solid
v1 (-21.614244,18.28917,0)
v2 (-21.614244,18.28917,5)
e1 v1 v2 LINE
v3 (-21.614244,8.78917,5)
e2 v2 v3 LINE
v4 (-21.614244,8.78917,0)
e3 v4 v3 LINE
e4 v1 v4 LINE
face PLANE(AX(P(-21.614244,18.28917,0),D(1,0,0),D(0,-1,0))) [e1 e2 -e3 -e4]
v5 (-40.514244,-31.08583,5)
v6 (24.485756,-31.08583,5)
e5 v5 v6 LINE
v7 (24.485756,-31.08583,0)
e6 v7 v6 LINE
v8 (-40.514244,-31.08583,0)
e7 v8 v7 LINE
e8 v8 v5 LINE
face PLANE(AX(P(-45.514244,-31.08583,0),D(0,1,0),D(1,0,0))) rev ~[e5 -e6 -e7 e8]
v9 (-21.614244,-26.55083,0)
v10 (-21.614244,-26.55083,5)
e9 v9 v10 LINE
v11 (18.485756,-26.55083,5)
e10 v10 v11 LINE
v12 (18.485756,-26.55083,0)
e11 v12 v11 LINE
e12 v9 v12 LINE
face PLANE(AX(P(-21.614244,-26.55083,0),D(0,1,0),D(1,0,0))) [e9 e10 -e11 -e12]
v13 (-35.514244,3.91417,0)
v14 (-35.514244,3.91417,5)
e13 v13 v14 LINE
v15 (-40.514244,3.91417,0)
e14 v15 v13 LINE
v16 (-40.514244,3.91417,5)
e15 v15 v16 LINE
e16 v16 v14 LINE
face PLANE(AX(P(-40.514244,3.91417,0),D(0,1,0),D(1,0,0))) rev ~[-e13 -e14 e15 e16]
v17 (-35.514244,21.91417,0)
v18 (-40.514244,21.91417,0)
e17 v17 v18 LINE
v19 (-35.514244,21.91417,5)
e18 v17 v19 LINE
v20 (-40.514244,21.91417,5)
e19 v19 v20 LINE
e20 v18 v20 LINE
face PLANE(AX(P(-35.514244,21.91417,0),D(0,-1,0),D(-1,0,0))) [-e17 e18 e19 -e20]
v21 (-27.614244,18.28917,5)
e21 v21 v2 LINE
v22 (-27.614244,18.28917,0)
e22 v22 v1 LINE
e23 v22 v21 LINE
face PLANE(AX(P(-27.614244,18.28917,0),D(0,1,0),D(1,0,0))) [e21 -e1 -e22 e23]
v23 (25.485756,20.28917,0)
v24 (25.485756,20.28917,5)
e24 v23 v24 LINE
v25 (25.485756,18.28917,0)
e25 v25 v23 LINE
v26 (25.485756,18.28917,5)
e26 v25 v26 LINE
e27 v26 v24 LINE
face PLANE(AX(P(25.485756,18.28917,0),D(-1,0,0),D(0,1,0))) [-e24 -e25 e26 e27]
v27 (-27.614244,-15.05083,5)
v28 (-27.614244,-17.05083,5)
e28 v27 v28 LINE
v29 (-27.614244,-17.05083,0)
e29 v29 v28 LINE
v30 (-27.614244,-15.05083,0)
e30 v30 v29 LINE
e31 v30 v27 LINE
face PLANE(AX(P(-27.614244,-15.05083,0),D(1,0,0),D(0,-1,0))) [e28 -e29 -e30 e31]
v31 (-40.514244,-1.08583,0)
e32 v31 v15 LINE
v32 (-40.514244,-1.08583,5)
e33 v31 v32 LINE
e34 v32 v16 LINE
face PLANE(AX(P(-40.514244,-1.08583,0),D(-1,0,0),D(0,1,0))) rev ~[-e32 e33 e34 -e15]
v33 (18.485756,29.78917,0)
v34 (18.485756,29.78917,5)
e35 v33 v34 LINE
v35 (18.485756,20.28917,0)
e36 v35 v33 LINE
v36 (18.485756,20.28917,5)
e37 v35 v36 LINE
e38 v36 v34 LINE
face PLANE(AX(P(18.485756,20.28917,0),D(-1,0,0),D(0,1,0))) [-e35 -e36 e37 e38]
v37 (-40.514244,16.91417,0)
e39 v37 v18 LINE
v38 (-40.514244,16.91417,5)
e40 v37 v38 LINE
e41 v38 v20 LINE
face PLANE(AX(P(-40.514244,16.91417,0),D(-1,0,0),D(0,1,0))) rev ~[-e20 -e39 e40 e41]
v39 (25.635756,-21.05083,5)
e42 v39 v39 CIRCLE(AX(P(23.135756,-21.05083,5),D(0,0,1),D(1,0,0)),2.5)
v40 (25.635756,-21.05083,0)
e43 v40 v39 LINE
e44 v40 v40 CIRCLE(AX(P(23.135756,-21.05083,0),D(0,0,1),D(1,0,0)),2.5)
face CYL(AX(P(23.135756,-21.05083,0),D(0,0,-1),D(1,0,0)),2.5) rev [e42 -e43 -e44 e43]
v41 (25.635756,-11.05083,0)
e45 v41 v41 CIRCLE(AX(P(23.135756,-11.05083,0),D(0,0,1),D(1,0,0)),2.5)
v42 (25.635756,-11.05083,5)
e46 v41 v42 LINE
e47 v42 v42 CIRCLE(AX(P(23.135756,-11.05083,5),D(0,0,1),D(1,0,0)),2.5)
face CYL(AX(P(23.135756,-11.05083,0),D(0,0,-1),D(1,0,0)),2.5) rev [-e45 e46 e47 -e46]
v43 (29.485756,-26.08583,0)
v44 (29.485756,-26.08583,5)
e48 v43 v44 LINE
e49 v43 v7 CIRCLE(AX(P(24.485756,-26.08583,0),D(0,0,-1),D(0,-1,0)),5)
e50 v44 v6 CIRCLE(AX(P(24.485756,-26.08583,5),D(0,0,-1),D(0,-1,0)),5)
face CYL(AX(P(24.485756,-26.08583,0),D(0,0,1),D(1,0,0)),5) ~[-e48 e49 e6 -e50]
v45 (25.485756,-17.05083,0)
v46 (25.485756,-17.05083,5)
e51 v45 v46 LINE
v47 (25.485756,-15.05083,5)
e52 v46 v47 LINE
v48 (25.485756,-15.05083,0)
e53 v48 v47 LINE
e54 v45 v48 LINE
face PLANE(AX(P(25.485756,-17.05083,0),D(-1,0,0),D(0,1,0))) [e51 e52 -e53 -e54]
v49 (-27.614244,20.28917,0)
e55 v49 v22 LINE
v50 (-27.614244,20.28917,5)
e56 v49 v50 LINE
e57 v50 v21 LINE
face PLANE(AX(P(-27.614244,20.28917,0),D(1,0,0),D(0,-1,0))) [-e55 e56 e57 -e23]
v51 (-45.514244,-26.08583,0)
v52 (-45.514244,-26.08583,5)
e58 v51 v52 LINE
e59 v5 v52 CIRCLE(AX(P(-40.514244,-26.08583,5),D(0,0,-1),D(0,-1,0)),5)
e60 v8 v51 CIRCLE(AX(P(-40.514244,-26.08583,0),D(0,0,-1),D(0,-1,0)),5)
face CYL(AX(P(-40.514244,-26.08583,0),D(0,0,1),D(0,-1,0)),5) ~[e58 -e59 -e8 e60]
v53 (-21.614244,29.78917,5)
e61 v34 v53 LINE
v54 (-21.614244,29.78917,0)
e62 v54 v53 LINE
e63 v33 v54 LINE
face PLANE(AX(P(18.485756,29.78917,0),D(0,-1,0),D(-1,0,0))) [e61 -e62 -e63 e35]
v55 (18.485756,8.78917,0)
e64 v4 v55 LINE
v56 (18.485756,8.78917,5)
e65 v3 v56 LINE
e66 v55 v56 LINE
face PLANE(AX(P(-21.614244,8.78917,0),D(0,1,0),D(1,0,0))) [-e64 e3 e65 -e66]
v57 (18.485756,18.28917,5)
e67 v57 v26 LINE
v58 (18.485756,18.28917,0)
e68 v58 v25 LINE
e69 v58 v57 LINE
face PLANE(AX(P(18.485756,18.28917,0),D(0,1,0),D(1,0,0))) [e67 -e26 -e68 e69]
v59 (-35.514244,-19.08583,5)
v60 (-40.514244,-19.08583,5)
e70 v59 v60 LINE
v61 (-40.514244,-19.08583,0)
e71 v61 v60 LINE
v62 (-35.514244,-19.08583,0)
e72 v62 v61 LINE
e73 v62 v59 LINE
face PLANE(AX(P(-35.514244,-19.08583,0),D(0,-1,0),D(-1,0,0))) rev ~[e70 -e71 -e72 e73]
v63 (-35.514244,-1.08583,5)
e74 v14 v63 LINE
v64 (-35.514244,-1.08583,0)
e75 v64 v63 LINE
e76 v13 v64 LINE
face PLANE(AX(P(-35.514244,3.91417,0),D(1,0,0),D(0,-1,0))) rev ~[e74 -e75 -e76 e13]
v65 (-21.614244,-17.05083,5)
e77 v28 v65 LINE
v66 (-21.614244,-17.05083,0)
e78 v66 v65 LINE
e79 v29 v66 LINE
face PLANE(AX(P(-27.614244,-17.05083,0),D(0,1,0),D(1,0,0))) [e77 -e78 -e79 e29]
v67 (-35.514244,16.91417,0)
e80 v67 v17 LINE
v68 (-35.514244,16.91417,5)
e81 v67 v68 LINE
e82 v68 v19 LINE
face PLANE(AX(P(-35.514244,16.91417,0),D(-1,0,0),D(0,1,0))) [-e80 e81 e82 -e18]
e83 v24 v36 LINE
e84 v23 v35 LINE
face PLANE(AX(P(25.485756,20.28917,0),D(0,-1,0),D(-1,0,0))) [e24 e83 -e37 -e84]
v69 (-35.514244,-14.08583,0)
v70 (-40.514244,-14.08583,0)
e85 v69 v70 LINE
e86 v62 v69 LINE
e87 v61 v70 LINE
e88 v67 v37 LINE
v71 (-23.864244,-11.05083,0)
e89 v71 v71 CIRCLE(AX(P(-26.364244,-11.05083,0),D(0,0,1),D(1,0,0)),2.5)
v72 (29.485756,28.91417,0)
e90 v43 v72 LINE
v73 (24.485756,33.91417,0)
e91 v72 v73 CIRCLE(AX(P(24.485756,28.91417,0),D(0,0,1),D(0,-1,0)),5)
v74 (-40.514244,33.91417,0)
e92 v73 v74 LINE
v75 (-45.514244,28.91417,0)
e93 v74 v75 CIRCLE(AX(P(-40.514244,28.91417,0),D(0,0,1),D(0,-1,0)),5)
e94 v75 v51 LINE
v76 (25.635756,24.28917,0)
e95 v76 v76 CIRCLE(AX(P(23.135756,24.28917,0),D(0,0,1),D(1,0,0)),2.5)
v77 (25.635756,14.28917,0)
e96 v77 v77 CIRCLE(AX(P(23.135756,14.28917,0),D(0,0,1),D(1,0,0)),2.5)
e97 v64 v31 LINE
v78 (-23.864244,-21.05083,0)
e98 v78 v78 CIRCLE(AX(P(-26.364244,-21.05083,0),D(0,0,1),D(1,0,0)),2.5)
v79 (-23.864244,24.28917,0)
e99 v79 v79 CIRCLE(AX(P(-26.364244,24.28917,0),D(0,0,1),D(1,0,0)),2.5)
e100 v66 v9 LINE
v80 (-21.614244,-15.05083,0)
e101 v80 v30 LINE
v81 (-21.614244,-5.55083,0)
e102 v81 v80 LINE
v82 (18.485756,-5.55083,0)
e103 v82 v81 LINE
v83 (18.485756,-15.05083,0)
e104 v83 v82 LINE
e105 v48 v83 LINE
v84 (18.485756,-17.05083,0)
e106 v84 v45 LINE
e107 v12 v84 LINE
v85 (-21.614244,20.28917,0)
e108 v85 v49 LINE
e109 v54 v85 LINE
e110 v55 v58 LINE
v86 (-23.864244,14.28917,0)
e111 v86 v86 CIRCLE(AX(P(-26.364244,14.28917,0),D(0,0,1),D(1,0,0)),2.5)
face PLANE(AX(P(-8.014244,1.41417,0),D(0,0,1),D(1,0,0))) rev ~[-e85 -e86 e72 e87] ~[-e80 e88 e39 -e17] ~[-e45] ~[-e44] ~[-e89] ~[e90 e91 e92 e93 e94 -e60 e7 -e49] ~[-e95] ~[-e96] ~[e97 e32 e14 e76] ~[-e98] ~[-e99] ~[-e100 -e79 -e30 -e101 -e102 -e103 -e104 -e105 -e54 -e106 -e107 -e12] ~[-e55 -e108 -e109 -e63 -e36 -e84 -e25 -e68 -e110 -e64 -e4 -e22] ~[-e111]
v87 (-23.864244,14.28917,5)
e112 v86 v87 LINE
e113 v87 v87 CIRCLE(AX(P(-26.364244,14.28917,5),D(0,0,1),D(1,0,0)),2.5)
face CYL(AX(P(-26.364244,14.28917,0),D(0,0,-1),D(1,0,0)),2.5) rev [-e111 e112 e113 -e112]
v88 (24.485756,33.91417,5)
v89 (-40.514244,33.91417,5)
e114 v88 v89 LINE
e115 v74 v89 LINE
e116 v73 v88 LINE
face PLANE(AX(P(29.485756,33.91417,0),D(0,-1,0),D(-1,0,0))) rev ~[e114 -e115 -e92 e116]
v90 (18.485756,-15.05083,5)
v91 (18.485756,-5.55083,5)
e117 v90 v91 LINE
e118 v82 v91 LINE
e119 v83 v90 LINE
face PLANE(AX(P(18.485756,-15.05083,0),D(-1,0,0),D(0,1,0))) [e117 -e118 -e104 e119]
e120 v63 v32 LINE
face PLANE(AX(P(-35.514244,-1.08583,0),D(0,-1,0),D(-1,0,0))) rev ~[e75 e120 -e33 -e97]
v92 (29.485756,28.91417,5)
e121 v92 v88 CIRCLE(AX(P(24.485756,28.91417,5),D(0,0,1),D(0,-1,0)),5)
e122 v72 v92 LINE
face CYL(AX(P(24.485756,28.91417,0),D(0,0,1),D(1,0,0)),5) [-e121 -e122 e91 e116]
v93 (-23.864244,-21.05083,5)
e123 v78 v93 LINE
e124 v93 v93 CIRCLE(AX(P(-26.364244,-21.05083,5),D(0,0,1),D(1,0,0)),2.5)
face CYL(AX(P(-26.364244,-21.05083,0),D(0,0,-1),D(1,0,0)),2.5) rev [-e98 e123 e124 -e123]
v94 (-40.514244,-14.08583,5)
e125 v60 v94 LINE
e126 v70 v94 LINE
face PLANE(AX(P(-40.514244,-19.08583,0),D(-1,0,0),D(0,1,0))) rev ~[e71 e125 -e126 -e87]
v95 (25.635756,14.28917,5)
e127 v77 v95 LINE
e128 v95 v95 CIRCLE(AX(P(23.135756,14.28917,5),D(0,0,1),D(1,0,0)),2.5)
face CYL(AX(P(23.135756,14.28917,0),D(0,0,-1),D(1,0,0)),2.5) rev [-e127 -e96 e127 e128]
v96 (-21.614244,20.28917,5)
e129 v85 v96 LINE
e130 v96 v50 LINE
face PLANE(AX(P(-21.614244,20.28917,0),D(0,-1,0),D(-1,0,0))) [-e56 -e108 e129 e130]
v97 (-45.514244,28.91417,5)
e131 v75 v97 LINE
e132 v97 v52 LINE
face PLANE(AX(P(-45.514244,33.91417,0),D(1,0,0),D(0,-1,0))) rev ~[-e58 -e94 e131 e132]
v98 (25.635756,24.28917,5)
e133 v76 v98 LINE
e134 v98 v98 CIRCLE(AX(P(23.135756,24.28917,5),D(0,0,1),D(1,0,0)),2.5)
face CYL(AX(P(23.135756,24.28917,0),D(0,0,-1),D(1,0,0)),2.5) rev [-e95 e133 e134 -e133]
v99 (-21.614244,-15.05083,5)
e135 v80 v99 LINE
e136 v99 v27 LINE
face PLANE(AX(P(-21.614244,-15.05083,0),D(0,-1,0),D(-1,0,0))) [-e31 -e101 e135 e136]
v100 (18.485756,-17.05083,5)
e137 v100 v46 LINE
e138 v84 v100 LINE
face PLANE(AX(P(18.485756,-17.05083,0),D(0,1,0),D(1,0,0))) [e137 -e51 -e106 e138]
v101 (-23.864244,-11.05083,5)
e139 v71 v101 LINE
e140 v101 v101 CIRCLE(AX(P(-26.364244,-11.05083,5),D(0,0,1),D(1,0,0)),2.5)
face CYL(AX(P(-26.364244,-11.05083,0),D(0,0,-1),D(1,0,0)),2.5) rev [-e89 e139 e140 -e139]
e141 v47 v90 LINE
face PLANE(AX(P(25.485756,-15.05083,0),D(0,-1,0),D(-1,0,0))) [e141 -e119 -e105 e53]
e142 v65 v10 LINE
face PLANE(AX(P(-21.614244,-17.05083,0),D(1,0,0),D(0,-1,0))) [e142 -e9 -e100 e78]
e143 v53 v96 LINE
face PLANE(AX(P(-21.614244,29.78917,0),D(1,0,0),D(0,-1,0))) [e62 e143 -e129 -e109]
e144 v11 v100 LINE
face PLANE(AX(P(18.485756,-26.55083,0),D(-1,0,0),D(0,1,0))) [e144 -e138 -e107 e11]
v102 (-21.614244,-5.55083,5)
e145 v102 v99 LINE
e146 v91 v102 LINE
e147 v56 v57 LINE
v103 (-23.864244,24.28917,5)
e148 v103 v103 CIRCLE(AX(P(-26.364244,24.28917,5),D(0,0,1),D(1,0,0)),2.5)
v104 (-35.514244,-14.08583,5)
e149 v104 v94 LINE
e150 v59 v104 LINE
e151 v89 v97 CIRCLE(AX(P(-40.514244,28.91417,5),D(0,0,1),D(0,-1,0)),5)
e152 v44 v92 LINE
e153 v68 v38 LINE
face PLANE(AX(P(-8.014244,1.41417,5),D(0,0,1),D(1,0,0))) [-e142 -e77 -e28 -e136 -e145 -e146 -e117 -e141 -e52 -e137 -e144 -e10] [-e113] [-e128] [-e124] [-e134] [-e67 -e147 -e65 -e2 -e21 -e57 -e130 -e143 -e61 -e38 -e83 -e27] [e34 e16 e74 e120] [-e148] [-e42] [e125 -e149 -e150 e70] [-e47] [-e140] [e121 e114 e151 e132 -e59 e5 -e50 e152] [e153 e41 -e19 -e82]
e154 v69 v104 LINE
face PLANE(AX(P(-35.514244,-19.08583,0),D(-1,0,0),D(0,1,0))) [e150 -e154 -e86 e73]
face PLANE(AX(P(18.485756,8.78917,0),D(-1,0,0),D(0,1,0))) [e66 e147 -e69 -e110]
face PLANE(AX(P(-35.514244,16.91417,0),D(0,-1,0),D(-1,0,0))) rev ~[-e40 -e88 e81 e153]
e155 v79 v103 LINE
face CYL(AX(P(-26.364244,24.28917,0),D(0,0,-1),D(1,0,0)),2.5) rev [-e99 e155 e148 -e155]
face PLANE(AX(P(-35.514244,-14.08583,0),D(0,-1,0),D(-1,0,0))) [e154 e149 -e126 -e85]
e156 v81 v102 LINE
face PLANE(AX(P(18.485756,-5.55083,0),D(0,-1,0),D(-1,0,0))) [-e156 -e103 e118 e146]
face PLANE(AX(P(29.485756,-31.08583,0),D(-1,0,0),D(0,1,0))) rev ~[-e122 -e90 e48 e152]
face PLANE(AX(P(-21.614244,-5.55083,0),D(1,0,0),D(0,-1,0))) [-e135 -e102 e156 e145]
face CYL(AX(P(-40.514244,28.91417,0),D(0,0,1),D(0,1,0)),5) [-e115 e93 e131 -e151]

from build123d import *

# Parameters (mm, degrees)
SKETCH_4_R          = 2.5
EXTRUDE_1_DEPTH     = 5
SKETCH_5_W          = 5
SKETCH_5_H          = 5
CUT_EXTRUDE_5_DEPTH = 5
FILLET_1_R          = 5


with BuildPart() as part:
    # 草图4 → 凸台-拉伸1 (new body)
    with BuildSketch(Plane.XY):
        Polygon((-30.514243596, -31.085830111), (29.485756404, -31.085830111), (29.485756404, 33.914169889), (-30.514243596, 33.914169889), (-45.514243596, 33.914169889), (-45.514243596, -31.085830111), align=None)
        with Locations((23.135756404, 24.289169889)):
            Circle(SKETCH_4_R, mode=Mode.SUBTRACT)
        with Locations((23.135756404, 14.289169889)):
            Circle(SKETCH_4_R, mode=Mode.SUBTRACT)
        with Locations((23.135756404, -11.050830111)):
            Circle(SKETCH_4_R, mode=Mode.SUBTRACT)
        with Locations((23.135756404, -21.050830111)):
            Circle(SKETCH_4_R, mode=Mode.SUBTRACT)
        with Locations((-26.364243596, -21.050830111)):
            Circle(SKETCH_4_R, mode=Mode.SUBTRACT)
        with Locations((-26.364243596, -11.050830111)):
            Circle(SKETCH_4_R, mode=Mode.SUBTRACT)
        with Locations((-26.364243596, 14.289169889)):
            Circle(SKETCH_4_R, mode=Mode.SUBTRACT)
        with Locations((-26.364243596, 24.289169889)):
            Circle(SKETCH_4_R, mode=Mode.SUBTRACT)
        Polygon((-27.614243596, -17.050830111), (-21.614243596, -17.050830111), (-21.614243596, -26.550830111), (18.485756404, -26.550830111), (18.485756404, -17.050830111), (25.485756404, -17.050830111), (25.485756404, -15.050830111), (18.485756404, -15.050830111), (18.485756404, -5.550830111), (-21.614243596, -5.550830111), (-21.614243596, -15.050830111), (-27.614243596, -15.050830111), align=None, mode=Mode.SUBTRACT)
        Polygon((18.485756404, 29.789169889), (-21.614243596, 29.789169889), (-21.614243596, 20.289169889), (-27.614243596, 20.289169889), (-27.614243596, 18.289169889), (-21.614243596, 18.289169889), (-21.614243596, 8.789169889), (18.485756404, 8.789169889), (18.485756404, 18.289169889), (25.485756404, 18.289169889), (25.485756404, 20.289169889), (18.485756404, 20.289169889), align=None, mode=Mode.SUBTRACT)
    extrude(amount=EXTRUDE_1_DEPTH)

    # 草图5 → 切除-拉伸5 (cut)
    with BuildSketch(Plane(origin=(0, 0, 0), x_dir=(-1, 0, 0), z_dir=(0, 0, -1))):
        Polygon((40.514243596, -1.085830111), (40.514243596, 1.414169889), (40.514243596, 3.914169889), (35.514243596, 3.914169889), (35.514243596, -1.085830111), align=None)
        with Locations((38.014243596, 19.414169889)):
            Rectangle(SKETCH_5_W, SKETCH_5_H)
        with Locations((38.014243596, -16.585830111)):
            Rectangle(SKETCH_5_W, SKETCH_5_H)
    extrude(amount=-CUT_EXTRUDE_5_DEPTH, mode=Mode.SUBTRACT)

    # 圆角1
    fillet_1_edges = [part.edges().sort_by_distance(p)[0] for p in [
        (-45.514243596, -31.085830111, 2.5),
        (-45.514243596, 33.914169889, 2.5),
        (29.485756404, 33.914169889, 2.5),
        (29.485756404, -31.085830111, 2.5),
    ]]
    fillet(fillet_1_edges, radius=FILLET_1_R)


solid = part.part
